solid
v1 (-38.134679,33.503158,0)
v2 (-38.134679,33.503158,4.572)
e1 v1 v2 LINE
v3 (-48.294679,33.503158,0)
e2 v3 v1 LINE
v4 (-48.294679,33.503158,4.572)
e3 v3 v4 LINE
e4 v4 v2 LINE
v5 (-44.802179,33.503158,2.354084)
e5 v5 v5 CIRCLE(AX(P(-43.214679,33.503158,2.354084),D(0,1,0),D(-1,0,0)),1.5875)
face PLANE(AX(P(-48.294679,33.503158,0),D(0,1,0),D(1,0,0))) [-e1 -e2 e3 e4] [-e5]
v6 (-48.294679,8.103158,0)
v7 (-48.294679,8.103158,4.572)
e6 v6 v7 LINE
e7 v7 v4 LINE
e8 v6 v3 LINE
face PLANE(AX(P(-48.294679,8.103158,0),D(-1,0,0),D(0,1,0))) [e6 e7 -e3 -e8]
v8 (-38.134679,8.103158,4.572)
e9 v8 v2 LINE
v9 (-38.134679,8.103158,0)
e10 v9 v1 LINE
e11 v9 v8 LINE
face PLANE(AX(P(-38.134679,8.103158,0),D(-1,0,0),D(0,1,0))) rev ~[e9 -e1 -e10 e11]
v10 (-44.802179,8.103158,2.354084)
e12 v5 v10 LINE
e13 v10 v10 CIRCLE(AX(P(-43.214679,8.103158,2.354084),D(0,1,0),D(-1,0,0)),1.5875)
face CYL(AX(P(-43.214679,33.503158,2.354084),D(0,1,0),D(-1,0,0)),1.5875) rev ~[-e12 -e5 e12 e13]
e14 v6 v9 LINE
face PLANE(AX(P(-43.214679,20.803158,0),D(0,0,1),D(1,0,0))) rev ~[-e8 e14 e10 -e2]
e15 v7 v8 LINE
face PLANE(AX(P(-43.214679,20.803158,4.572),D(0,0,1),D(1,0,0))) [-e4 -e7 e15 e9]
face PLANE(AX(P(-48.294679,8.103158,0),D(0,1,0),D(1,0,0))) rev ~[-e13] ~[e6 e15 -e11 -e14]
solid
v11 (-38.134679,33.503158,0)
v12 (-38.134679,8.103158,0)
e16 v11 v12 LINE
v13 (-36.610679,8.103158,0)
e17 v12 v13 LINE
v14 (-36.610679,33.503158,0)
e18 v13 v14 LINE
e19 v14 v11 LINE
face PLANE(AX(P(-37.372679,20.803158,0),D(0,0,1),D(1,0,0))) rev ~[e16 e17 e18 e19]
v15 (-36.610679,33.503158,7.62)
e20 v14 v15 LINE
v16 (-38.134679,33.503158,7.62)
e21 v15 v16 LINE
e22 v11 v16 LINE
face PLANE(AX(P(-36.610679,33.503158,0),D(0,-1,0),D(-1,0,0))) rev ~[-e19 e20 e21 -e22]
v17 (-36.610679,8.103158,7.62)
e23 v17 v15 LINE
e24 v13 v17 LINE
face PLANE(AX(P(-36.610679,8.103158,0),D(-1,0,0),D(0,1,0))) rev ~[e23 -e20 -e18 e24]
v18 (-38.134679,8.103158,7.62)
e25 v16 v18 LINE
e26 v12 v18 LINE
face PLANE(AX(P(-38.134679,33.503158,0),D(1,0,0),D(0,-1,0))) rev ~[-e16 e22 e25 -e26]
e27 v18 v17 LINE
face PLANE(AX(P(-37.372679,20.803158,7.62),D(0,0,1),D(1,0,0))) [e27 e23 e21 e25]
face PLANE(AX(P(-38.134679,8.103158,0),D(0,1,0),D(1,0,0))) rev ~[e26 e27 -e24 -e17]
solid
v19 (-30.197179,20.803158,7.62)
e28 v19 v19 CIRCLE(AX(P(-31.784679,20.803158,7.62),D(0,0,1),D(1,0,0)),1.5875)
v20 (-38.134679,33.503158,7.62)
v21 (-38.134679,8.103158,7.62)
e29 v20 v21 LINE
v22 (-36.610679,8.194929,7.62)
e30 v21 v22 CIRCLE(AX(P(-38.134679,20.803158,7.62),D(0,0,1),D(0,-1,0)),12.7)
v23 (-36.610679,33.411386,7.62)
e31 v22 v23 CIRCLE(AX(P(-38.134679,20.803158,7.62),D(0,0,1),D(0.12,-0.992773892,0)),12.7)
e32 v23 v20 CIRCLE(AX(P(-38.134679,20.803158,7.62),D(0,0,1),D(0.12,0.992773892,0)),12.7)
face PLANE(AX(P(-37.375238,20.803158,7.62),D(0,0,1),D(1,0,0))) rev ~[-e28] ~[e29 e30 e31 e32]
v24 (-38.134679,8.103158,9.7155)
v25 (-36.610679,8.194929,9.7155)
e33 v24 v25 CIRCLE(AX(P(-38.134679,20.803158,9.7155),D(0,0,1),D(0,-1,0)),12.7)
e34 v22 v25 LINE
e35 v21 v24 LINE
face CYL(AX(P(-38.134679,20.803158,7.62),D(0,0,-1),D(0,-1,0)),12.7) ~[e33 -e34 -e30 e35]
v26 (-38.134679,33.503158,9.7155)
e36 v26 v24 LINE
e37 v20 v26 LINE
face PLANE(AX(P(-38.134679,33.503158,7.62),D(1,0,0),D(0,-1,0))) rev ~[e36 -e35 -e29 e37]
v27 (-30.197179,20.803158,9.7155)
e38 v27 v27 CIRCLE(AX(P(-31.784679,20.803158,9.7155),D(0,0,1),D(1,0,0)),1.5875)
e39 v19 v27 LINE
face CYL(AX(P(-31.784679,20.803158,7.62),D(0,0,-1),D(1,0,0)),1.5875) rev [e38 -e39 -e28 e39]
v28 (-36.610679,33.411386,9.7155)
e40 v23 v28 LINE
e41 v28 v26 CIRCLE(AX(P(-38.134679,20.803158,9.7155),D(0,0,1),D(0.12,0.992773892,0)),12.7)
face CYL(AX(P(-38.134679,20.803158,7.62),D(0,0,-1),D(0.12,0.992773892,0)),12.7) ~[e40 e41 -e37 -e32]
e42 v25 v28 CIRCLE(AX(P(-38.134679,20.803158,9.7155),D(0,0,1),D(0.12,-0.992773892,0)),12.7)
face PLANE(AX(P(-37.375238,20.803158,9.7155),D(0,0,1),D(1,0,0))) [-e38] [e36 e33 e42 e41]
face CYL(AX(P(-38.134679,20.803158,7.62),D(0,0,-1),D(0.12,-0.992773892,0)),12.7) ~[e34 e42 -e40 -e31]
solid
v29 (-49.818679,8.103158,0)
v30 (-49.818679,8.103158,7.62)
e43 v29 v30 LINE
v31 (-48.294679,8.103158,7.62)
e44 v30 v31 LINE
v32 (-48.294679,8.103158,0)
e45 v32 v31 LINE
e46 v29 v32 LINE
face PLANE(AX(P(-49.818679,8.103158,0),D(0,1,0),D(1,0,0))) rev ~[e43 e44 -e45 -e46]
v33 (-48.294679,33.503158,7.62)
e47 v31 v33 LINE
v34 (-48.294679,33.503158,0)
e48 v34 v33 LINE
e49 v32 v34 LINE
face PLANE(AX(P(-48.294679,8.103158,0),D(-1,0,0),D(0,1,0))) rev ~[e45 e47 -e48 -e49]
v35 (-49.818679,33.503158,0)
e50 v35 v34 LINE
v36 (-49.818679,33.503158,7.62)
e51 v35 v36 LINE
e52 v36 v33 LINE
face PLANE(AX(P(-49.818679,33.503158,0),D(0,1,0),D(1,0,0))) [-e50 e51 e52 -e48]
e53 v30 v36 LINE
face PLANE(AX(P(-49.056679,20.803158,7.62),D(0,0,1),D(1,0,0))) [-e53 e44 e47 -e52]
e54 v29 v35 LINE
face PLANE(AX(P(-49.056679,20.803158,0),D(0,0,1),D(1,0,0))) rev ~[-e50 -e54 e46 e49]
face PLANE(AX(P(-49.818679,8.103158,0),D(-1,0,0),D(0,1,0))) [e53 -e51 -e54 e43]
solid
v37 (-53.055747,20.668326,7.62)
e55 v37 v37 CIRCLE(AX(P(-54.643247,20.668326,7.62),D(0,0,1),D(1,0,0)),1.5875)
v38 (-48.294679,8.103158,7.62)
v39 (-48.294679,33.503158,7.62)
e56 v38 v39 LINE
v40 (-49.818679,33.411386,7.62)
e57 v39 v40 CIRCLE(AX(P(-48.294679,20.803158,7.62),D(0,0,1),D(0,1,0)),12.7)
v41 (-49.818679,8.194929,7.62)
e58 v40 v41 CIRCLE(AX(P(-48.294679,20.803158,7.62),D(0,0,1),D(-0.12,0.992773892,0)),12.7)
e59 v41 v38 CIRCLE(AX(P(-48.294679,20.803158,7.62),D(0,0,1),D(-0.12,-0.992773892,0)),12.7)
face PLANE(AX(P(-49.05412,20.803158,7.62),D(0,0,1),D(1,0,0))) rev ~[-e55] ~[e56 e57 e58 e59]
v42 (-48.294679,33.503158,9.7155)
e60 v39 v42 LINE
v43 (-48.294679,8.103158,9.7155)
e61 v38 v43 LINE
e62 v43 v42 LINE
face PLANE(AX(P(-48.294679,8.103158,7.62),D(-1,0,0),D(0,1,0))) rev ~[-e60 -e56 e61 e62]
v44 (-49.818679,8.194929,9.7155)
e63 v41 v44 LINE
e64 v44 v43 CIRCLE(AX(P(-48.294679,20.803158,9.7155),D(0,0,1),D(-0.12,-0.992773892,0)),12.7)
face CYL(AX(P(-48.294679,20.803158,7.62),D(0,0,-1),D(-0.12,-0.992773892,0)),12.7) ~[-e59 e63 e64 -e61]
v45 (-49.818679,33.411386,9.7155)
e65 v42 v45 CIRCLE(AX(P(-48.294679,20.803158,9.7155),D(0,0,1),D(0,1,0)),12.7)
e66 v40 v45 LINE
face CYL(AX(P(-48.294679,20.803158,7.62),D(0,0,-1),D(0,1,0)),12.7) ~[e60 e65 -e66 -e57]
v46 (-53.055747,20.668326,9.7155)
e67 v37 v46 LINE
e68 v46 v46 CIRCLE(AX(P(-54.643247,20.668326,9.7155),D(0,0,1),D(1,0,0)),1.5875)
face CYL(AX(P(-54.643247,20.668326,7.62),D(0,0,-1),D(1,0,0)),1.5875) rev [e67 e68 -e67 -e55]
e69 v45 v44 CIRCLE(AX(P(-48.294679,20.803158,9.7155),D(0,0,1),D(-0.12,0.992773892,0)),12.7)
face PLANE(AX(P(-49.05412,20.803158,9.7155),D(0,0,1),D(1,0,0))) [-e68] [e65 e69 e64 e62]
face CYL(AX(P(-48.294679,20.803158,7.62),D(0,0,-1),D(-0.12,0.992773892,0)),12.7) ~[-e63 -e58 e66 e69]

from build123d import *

# Parameters (mm, degrees)
F0_W     = 10.16
F0_H     = 25.4
F2_DEPTH = 4.572
F3_DEPTH = 7.62
F0_W_2   = 1.524
F4_R     = 1.5875
F6_DEPTH = 2.0955
F5_R     = 1.5875
F7_DEPTH = 2.0955
F8_R     = 1.5875
F9_DEPTH = 25.4


with BuildPart() as f2:
    # F0 (on Top) → F2 (new body)
    with BuildSketch(Plane.XY):
        with Locations((-43.2146790205, 20.8031578178)):
            Rectangle(F0_W, F0_H)
    extrude(amount=F2_DEPTH)

    # F8 (on face) → F9 (cut)
    with BuildSketch(Plane(origin=(0, 33.5031578178, 0), x_dir=(-1, 0, 0), z_dir=(0, 1, 0))):
        with Locations((43.2146790205, 2.3540838305)):
            Circle(F8_R)
    extrude(amount=-F9_DEPTH, mode=Mode.SUBTRACT)


with BuildPart() as f3:
    # F0 (on Top) → F3 (new body)
    with BuildSketch(Plane.XY):
        Polygon((-36.6106790205, 33.5031578178), (-38.1346790205, 33.5031578178), (-38.1346790205, 8.1031578178), (-38.0330790205, 8.1031578178), (-36.6106790205, 8.1031578178), align=None)
    extrude(amount=F3_DEPTH)


with BuildPart() as f3b:
    # F0 (on Top) → F3, piece 2 (new body)
    with BuildSketch(Plane.XY):
        with Locations((-49.0566790205, 20.8031578178)):
            Rectangle(F0_W_2, F0_H)
    extrude(amount=F3_DEPTH)


with BuildPart() as f6:
    # F4 (on face) → F6 (new body)
    with BuildSketch(Plane.XY.offset(7.62)):
        with BuildLine():
            Line((-48.2946790205, 8.1031578178), (-48.2946790205, 33.5031578178))
            ThreePointArc((-48.2946790205, 33.5031578178), (-49.0580593356, 33.4801941629), (-49.8186790205, 33.4113862422))
            Line((-49.8186790205, 33.4113862422), (-49.8186790205, 8.1949293935))
            ThreePointArc((-49.8186790205, 8.1949293935), (-49.0580593356, 8.1261214728), (-48.2946790205, 8.1031578178))
        make_face()
        with BuildLine():
            Line((-49.8186790205, 8.1949293935), (-49.8186790205, 33.4113862422))
            ThreePointArc((-49.8186790205, 33.4113862422), (-60.9946790205, 20.8031578178), (-49.8186790205, 8.1949293935))
        make_face()
        with Locations((-54.6432473904, 20.6683258789)):
            Circle(F4_R, mode=Mode.SUBTRACT)
    extrude(amount=F6_DEPTH)


with BuildPart() as f7:
    # F5 (on face) → F7 (new body)
    with BuildSketch(Plane.XY.offset(7.62)):
        with BuildLine():
            Line((-38.1346790205, 33.5031578178), (-38.1346790205, 8.1031578178))
            ThreePointArc((-38.1346790205, 8.1031578178), (-37.3712987053, 8.1261214728), (-36.6106790205, 8.1949293935))
            Line((-36.6106790205, 8.1949293935), (-36.6106790205, 33.4113862422))
            ThreePointArc((-36.6106790205, 33.4113862422), (-37.3712987053, 33.4801941629), (-38.1346790205, 33.5031578178))
        make_face()
        with BuildLine():
            Line((-36.6106790205, 33.4113862422), (-36.6106790205, 8.1949293935))
            ThreePointArc((-36.6106790205, 8.1949293935), (-25.4346790205, 20.8031578178), (-36.6106790205, 33.4113862422))
        make_face()
        with Locations((-31.7846790205, 20.8031578178)):
            Circle(F5_R, mode=Mode.SUBTRACT)
    extrude(amount=F7_DEPTH)


solid = Compound([f2.part, f3.part, f3b.part, f6.part, f7.part])
